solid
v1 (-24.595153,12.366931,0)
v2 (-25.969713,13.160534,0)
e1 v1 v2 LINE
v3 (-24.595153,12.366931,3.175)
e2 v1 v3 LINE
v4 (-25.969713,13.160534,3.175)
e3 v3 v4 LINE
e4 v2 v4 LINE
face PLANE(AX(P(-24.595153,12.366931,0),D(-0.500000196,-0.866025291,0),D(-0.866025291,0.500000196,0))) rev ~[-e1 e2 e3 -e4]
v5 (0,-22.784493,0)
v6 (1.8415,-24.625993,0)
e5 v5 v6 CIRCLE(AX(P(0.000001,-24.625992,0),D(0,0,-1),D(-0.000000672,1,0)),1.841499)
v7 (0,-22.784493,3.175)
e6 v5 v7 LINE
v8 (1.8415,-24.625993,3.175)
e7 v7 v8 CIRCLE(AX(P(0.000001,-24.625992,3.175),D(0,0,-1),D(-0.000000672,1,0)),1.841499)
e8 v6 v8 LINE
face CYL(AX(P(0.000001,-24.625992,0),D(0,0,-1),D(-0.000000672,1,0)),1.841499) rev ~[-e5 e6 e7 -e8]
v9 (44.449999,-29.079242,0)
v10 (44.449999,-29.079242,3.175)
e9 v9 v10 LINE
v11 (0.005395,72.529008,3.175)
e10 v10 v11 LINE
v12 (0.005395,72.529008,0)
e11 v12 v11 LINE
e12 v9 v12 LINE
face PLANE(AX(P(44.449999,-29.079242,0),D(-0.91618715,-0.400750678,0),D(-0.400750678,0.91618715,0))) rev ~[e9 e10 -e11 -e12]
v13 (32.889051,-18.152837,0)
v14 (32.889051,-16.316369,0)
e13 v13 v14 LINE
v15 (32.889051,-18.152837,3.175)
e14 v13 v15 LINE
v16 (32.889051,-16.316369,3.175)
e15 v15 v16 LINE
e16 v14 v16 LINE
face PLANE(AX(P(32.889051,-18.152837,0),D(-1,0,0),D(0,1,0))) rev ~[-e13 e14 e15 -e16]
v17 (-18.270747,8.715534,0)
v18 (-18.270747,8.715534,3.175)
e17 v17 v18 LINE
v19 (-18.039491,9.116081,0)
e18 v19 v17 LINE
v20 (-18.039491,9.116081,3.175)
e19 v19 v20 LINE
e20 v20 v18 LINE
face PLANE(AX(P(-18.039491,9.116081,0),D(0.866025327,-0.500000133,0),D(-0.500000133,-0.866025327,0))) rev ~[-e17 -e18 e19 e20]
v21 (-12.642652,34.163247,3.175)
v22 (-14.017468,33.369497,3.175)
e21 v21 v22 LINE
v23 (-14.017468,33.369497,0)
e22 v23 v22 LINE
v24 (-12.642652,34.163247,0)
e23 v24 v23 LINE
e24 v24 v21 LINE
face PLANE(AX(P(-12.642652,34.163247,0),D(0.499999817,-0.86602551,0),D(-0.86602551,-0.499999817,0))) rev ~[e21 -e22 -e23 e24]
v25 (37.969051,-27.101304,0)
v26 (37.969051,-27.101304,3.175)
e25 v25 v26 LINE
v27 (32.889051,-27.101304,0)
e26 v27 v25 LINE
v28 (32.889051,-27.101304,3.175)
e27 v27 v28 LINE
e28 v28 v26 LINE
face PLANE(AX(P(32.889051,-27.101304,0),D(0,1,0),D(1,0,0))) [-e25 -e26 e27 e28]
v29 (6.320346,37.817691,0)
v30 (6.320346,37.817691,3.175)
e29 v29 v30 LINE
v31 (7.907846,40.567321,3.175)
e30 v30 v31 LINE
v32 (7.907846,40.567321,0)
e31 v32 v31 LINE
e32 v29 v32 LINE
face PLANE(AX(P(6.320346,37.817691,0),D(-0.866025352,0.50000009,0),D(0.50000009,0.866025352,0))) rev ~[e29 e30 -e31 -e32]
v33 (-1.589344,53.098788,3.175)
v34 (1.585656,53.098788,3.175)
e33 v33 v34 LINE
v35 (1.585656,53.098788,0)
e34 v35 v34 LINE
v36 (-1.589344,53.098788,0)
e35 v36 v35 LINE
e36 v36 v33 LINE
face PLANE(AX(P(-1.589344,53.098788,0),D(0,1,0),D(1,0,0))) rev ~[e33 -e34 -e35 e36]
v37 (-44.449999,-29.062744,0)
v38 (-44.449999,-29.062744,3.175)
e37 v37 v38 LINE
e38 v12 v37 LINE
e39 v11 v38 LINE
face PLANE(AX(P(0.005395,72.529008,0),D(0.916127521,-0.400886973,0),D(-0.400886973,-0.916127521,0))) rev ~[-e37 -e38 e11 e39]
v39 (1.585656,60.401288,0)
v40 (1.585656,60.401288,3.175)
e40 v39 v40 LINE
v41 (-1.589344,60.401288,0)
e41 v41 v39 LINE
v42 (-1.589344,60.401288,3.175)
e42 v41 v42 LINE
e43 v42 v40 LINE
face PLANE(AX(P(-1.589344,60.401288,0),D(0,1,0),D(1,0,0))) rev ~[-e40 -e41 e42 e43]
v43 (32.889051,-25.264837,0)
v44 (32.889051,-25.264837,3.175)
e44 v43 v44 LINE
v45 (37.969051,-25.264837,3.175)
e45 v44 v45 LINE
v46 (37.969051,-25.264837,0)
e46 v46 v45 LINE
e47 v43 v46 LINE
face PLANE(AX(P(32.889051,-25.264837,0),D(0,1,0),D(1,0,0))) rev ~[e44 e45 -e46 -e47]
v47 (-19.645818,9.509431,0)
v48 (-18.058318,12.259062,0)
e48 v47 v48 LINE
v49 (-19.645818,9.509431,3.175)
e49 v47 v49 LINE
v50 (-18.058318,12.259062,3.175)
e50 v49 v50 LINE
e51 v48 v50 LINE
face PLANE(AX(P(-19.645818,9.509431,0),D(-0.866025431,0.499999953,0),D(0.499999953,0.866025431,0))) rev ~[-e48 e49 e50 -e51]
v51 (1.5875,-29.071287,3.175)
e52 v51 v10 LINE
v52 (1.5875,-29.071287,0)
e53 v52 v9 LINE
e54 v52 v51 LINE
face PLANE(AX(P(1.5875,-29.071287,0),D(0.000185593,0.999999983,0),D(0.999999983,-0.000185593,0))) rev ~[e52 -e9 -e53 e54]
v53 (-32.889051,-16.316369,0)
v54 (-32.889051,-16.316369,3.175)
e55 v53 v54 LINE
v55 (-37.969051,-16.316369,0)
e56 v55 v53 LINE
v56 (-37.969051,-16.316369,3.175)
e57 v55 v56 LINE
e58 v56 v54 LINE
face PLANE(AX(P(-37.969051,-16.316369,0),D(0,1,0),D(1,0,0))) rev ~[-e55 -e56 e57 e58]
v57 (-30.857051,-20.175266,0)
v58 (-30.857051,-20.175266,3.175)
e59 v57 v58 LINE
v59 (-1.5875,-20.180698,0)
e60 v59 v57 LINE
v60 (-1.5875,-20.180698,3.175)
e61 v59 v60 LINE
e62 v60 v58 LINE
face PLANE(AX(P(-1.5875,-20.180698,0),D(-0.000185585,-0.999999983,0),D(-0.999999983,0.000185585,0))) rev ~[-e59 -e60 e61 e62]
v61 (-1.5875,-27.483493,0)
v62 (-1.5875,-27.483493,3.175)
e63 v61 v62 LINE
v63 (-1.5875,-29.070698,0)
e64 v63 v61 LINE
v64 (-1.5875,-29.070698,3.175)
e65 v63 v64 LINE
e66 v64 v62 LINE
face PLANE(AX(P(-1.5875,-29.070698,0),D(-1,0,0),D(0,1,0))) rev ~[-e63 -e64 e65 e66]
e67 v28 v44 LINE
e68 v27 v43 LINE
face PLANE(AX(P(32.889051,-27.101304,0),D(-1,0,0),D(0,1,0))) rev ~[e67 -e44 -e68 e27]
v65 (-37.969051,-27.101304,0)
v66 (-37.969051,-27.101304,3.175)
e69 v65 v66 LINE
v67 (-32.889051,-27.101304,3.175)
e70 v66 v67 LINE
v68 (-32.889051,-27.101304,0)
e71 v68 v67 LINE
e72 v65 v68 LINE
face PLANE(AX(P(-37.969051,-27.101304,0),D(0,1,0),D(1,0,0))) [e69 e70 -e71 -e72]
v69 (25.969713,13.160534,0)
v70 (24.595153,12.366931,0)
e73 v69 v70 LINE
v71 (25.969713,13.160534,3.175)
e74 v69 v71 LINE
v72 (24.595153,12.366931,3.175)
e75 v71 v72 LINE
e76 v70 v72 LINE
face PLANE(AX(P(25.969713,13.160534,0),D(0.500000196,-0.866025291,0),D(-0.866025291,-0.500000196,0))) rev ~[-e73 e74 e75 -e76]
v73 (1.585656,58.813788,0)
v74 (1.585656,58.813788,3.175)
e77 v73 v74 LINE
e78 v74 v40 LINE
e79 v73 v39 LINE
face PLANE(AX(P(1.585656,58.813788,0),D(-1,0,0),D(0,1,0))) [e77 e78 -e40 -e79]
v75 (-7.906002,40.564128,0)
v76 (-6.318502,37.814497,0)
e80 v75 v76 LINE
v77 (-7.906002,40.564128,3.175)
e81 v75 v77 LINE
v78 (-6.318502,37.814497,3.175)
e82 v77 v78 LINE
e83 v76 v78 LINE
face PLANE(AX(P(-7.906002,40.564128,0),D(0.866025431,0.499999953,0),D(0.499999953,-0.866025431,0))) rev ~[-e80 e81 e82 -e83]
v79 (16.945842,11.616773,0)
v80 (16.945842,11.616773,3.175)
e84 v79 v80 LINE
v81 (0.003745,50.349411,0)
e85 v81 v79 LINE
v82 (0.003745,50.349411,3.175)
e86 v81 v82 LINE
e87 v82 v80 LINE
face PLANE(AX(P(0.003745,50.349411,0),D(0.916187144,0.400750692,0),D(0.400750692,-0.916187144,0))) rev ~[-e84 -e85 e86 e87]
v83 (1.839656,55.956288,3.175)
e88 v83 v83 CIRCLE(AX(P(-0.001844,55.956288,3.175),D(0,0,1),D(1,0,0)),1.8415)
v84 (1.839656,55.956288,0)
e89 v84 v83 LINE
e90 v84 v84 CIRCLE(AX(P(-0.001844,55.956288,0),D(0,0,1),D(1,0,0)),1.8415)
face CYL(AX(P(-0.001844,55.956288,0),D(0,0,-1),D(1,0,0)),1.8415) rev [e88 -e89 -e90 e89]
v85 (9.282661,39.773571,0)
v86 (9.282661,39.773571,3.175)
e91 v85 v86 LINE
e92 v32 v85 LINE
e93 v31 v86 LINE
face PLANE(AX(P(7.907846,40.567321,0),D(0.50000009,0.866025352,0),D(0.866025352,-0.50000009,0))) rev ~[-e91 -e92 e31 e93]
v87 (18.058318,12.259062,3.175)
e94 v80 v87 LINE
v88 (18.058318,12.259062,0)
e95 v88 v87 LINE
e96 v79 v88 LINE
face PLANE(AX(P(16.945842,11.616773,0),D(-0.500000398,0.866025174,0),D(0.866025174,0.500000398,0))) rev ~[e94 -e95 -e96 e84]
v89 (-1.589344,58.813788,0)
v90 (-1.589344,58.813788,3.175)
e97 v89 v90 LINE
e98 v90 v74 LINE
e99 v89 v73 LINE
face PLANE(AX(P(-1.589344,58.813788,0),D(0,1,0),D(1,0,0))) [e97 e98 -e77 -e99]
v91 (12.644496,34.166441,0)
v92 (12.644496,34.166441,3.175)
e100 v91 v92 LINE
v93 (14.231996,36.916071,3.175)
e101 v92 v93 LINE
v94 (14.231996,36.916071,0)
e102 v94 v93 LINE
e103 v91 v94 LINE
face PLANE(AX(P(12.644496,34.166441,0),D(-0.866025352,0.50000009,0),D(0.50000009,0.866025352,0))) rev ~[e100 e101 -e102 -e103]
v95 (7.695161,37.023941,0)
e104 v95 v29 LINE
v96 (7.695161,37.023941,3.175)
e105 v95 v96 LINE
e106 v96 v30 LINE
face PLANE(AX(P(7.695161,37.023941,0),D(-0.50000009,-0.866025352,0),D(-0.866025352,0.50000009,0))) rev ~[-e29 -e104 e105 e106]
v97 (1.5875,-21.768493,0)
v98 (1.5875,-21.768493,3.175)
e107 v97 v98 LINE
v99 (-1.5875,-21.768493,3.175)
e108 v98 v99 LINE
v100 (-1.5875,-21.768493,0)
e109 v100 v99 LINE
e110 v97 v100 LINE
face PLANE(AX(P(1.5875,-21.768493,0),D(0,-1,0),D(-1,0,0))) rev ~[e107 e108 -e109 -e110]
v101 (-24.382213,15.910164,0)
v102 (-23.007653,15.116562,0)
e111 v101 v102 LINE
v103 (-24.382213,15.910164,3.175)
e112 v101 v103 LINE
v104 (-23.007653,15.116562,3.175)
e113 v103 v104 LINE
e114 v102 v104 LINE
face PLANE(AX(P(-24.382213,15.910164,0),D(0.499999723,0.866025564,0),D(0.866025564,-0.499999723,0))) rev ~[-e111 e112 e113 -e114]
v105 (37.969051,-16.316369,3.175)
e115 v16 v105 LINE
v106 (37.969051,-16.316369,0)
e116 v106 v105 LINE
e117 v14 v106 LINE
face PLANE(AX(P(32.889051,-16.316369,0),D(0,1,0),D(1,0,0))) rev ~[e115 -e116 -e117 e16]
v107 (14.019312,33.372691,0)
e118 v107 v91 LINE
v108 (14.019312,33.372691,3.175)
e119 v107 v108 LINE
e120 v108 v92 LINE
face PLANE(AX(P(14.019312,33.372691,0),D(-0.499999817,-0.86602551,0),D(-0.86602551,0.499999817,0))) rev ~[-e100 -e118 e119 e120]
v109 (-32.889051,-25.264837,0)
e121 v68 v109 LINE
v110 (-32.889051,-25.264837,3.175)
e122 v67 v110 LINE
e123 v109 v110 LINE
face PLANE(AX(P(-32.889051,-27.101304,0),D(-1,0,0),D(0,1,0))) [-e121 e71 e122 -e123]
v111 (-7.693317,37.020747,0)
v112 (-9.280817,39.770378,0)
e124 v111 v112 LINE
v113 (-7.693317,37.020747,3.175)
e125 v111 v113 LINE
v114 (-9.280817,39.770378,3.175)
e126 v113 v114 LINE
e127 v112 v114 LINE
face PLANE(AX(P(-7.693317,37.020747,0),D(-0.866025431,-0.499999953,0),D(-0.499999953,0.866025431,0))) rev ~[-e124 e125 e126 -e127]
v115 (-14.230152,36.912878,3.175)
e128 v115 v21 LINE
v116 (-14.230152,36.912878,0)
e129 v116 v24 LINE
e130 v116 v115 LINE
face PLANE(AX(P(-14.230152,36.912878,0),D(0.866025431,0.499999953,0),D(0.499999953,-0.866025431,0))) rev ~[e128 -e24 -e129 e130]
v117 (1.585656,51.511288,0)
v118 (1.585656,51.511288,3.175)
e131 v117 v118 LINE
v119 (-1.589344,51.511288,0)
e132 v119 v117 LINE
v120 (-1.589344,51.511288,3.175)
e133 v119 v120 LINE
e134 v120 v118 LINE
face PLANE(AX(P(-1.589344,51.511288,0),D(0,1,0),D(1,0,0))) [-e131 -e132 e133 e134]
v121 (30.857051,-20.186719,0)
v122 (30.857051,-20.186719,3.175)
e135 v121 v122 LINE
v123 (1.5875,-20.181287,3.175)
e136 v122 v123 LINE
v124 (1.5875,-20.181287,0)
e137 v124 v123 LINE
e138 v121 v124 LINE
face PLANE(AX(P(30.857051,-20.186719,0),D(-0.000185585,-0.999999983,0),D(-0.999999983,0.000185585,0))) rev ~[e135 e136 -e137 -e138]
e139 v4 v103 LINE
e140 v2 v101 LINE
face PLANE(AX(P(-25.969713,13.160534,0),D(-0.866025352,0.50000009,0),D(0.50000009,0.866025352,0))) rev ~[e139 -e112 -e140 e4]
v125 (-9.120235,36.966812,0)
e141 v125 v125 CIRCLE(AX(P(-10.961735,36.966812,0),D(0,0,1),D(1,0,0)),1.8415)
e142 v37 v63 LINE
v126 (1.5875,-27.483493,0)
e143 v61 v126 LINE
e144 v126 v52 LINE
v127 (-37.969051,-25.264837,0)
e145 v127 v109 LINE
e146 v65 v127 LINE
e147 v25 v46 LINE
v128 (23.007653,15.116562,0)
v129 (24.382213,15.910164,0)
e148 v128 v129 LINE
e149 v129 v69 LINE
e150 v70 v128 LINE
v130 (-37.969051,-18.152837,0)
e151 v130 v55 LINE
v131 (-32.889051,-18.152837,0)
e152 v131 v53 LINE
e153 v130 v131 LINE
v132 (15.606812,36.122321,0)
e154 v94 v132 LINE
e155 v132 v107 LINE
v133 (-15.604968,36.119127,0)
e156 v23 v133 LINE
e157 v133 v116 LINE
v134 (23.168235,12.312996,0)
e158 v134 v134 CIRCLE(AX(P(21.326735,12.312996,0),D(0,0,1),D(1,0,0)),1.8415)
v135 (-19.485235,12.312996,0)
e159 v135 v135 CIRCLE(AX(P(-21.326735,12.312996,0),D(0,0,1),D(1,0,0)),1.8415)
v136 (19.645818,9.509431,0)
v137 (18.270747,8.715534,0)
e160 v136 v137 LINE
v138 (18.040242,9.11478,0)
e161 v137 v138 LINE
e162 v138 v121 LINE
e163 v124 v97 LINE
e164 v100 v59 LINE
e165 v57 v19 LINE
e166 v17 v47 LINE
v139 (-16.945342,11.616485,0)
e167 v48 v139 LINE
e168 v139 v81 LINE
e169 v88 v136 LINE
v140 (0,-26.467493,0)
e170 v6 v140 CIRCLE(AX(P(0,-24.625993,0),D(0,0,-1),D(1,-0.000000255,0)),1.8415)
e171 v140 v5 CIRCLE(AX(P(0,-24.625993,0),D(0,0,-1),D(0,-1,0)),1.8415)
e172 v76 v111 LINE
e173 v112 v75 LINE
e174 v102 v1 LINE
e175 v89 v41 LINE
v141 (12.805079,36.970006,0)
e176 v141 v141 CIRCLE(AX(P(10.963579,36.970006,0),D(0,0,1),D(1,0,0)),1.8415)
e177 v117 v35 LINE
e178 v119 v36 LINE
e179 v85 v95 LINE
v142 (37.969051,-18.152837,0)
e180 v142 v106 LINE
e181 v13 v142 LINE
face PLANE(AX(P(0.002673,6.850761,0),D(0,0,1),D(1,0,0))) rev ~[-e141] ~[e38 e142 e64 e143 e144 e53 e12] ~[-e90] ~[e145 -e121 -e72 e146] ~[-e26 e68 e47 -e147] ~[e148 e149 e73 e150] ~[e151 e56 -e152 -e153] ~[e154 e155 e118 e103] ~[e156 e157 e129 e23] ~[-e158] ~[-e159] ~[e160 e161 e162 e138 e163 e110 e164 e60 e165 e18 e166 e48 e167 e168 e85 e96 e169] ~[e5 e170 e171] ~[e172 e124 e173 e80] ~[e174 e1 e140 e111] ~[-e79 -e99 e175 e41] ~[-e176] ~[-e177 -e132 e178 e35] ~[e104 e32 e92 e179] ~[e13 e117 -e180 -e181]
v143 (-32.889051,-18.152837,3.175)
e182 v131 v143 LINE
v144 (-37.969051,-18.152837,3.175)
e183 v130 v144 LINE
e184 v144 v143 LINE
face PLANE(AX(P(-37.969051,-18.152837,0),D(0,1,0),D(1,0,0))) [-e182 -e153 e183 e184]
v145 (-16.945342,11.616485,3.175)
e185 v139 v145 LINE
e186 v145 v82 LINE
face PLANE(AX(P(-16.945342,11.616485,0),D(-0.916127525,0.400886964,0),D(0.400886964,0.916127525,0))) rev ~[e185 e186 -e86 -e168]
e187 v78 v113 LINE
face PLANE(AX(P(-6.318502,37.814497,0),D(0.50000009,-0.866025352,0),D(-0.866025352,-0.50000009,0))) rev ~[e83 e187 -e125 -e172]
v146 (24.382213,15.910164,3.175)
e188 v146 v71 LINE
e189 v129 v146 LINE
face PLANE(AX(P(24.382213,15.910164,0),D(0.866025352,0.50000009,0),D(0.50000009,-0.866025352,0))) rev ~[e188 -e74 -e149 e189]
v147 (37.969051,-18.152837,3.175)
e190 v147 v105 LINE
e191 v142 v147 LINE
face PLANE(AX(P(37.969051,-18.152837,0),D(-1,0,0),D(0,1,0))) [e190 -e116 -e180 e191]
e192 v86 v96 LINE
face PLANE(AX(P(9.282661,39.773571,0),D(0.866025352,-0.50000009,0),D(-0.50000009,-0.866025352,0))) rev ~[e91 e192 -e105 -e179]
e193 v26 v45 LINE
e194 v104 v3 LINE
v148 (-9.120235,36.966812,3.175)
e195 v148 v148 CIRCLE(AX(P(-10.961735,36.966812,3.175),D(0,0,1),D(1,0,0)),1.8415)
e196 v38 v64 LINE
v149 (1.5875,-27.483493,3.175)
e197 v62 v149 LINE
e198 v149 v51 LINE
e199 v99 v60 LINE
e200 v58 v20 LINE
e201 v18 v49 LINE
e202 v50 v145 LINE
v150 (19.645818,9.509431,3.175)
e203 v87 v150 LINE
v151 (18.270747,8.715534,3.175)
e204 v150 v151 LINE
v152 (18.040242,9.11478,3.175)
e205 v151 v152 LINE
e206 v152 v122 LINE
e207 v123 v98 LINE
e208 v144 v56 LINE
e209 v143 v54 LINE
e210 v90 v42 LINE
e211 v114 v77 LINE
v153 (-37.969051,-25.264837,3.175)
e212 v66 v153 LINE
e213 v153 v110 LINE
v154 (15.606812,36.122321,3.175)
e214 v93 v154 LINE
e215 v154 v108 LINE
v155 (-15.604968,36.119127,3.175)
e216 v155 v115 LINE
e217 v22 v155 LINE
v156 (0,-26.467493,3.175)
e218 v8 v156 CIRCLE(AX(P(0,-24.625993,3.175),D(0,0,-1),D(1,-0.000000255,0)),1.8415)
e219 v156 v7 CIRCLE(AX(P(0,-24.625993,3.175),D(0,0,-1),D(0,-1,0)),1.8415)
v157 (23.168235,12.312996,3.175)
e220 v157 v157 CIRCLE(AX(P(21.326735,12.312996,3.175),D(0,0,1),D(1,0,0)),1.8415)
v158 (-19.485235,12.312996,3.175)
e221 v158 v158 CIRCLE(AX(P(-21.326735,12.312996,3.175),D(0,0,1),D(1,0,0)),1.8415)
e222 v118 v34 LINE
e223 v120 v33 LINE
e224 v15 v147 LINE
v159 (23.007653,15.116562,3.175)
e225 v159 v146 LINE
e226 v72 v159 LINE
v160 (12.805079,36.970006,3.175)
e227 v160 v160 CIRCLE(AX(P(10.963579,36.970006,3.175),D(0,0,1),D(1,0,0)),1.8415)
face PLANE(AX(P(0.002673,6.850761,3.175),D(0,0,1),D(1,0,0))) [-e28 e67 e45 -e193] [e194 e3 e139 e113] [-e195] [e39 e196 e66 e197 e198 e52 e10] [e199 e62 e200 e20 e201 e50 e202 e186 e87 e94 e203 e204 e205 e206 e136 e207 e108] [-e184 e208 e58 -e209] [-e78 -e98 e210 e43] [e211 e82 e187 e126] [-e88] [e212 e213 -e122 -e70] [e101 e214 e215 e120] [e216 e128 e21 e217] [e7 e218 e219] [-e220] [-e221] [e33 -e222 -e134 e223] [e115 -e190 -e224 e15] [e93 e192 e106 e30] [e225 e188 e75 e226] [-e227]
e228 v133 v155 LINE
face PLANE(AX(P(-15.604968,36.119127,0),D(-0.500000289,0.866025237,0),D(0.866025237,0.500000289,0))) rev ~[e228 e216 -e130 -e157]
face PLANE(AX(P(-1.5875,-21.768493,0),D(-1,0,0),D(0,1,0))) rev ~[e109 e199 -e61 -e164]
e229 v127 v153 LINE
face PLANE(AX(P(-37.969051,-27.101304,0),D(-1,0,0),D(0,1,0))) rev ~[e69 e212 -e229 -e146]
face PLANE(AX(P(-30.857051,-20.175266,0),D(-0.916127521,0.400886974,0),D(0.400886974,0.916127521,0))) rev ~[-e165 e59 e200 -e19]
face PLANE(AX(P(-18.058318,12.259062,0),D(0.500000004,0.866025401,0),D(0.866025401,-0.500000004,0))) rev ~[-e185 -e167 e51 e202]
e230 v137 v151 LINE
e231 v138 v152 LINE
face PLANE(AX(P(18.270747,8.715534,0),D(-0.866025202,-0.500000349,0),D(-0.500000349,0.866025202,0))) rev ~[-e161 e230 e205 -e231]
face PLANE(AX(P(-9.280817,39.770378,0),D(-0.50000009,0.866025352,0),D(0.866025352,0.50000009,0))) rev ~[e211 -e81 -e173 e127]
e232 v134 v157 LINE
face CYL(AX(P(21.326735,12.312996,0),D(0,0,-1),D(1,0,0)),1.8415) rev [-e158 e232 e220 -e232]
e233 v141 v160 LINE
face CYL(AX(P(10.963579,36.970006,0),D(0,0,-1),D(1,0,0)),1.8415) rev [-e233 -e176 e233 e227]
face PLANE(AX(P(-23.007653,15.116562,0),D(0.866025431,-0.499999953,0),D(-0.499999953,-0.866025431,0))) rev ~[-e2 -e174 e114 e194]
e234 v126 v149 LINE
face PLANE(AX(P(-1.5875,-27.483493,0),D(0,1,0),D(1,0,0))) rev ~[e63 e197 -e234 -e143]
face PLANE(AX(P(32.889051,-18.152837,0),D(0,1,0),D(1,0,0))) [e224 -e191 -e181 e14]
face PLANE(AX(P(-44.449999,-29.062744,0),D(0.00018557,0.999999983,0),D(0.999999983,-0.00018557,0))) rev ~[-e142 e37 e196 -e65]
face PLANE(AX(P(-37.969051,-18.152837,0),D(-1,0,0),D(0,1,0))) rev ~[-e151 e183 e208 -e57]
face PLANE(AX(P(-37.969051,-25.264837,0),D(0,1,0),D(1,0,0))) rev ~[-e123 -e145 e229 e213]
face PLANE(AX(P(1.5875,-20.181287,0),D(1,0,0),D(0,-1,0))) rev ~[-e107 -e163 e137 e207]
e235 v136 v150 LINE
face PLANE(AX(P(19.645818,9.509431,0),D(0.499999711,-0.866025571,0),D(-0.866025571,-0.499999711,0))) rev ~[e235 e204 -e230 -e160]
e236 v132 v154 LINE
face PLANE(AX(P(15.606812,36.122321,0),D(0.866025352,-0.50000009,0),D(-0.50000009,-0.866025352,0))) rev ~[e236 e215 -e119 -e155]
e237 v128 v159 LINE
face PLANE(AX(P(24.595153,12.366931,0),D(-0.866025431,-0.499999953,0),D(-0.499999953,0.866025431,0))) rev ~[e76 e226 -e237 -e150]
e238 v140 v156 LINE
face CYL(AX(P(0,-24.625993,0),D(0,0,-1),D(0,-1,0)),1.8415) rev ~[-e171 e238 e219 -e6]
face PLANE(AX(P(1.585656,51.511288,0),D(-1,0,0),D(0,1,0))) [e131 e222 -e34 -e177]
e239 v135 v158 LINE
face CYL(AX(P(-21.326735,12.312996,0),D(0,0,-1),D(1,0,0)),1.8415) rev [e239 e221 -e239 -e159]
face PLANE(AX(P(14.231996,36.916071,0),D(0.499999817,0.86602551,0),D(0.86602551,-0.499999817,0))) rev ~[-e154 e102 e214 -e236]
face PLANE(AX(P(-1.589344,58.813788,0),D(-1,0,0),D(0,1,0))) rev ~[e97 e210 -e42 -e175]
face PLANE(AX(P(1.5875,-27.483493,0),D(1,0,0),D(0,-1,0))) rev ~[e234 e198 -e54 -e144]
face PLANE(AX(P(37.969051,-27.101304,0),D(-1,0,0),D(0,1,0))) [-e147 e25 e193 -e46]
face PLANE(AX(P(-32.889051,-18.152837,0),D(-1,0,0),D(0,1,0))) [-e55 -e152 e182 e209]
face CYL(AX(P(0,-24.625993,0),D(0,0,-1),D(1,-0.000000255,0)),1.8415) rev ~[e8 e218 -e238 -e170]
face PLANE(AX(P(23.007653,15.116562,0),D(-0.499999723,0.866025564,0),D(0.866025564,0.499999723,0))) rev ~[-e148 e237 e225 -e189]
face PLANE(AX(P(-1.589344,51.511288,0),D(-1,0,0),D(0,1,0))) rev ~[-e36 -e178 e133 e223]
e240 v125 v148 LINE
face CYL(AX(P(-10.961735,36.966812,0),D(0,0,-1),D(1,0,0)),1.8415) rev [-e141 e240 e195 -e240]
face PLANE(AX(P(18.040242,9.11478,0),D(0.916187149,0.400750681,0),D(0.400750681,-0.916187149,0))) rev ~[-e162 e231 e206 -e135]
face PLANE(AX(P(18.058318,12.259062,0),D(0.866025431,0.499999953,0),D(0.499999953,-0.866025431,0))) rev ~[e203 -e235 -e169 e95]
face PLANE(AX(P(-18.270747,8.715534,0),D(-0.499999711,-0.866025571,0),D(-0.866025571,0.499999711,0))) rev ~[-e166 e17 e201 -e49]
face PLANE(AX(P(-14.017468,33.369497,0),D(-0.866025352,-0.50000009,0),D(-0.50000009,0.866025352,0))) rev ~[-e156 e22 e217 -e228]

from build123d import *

# Parameters (mm, degrees)
F0_W     = 5.08
F0_H     = 1.836467
F0_H_2   = 1.836468
F0_R     = 1.8415
F0_W_2   = 3.175
F0_H_3   = 1.5875
F1_DEPTH = 3.175


with BuildPart() as f1:
    # F0 (on Top) → F1 (new body)
    with BuildSketch(Plane.XY):
        Polygon((1.5875, -29.071287), (44.449999, -29.079242), (0.005395, 72.529008), (-44.449999, -29.062744), (-1.5875, -29.070698), (-1.5875, -27.483493), (0, -27.483493), (1.5875, -27.483493), align=None)
        with Locations((-35.429051, -26.18307)):
            Rectangle(F0_W, F0_H, mode=Mode.SUBTRACT)
        with Locations((-35.429051, -17.234603)):
            Rectangle(F0_W, F0_H_2, mode=Mode.SUBTRACT)
        with BuildLine():
            ThreePointArc((1.8415, -24.625993), (1.302137, -25.92813), (0, -26.467493))
            ThreePointArc((0, -26.467493), (-1.8415, -24.625993), (0, -22.784493))
            ThreePointArc((0, -22.784493), (1.302137, -23.323855), (1.8415, -24.625993))
        make_face(mode=Mode.SUBTRACT)
        Polygon((-24.382213, 15.910164), (-23.007653, 15.116562), (-24.595153, 12.366931), (-25.969713, 13.160534), align=None, mode=Mode.SUBTRACT)
        with Locations((-21.326735, 12.312996)):
            Circle(F0_R, mode=Mode.SUBTRACT)
        Polygon((1.5875, -21.768493), (0, -21.768493), (-1.5875, -21.768493), (-1.5875, -20.180698), (-30.857051, -20.175266), (-18.039491, 9.116081), (-18.270747, 8.715534), (-19.645818, 9.509431), (-18.058318, 12.259062), (-16.945342, 11.616485), (0.003745, 50.349411), (16.945842, 11.616773), (18.058318, 12.259062), (19.645818, 9.509431), (18.270747, 8.715534), (18.040242, 9.11478), (30.857051, -20.186719), (1.5875, -20.181287), align=None, mode=Mode.SUBTRACT)
        with Locations((35.429051, -26.18307)):
            Rectangle(F0_W, F0_H, mode=Mode.SUBTRACT)
        with Locations((35.429051, -17.234603)):
            Rectangle(F0_W, F0_H_2, mode=Mode.SUBTRACT)
        with Locations((21.326735, 12.312996)):
            Circle(F0_R, mode=Mode.SUBTRACT)
        Polygon((25.969713, 13.160534), (24.595153, 12.366931), (23.007653, 15.116562), (24.382213, 15.910164), align=None, mode=Mode.SUBTRACT)
        Polygon((-12.642652, 34.163247), (-14.017468, 33.369497), (-15.604968, 36.119127), (-14.230152, 36.912878), align=None, mode=Mode.SUBTRACT)
        with Locations((-10.961735, 36.966812)):
            Circle(F0_R, mode=Mode.SUBTRACT)
        Polygon((-6.318502, 37.814497), (-7.693317, 37.020747), (-9.280817, 39.770378), (-7.906002, 40.564128), align=None, mode=Mode.SUBTRACT)
        with Locations((-0.001844, 52.305038)):
            Rectangle(F0_W_2, F0_H_3, mode=Mode.SUBTRACT)
        with Locations((-0.001844, 55.956288)):
            Circle(F0_R, mode=Mode.SUBTRACT)
        with Locations((-0.001844, 59.607538)):
            Rectangle(F0_W_2, F0_H_3, mode=Mode.SUBTRACT)
        with Locations((10.963579, 36.970006)):
            Circle(F0_R, mode=Mode.SUBTRACT)
        Polygon((7.907846, 40.567321), (9.282661, 39.773571), (7.695161, 37.023941), (6.320346, 37.817691), align=None, mode=Mode.SUBTRACT)
        Polygon((14.231996, 36.916071), (15.606812, 36.122321), (14.019312, 33.372691), (12.644496, 34.166441), align=None, mode=Mode.SUBTRACT)
    extrude(amount=F1_DEPTH)


solid = f1.part
